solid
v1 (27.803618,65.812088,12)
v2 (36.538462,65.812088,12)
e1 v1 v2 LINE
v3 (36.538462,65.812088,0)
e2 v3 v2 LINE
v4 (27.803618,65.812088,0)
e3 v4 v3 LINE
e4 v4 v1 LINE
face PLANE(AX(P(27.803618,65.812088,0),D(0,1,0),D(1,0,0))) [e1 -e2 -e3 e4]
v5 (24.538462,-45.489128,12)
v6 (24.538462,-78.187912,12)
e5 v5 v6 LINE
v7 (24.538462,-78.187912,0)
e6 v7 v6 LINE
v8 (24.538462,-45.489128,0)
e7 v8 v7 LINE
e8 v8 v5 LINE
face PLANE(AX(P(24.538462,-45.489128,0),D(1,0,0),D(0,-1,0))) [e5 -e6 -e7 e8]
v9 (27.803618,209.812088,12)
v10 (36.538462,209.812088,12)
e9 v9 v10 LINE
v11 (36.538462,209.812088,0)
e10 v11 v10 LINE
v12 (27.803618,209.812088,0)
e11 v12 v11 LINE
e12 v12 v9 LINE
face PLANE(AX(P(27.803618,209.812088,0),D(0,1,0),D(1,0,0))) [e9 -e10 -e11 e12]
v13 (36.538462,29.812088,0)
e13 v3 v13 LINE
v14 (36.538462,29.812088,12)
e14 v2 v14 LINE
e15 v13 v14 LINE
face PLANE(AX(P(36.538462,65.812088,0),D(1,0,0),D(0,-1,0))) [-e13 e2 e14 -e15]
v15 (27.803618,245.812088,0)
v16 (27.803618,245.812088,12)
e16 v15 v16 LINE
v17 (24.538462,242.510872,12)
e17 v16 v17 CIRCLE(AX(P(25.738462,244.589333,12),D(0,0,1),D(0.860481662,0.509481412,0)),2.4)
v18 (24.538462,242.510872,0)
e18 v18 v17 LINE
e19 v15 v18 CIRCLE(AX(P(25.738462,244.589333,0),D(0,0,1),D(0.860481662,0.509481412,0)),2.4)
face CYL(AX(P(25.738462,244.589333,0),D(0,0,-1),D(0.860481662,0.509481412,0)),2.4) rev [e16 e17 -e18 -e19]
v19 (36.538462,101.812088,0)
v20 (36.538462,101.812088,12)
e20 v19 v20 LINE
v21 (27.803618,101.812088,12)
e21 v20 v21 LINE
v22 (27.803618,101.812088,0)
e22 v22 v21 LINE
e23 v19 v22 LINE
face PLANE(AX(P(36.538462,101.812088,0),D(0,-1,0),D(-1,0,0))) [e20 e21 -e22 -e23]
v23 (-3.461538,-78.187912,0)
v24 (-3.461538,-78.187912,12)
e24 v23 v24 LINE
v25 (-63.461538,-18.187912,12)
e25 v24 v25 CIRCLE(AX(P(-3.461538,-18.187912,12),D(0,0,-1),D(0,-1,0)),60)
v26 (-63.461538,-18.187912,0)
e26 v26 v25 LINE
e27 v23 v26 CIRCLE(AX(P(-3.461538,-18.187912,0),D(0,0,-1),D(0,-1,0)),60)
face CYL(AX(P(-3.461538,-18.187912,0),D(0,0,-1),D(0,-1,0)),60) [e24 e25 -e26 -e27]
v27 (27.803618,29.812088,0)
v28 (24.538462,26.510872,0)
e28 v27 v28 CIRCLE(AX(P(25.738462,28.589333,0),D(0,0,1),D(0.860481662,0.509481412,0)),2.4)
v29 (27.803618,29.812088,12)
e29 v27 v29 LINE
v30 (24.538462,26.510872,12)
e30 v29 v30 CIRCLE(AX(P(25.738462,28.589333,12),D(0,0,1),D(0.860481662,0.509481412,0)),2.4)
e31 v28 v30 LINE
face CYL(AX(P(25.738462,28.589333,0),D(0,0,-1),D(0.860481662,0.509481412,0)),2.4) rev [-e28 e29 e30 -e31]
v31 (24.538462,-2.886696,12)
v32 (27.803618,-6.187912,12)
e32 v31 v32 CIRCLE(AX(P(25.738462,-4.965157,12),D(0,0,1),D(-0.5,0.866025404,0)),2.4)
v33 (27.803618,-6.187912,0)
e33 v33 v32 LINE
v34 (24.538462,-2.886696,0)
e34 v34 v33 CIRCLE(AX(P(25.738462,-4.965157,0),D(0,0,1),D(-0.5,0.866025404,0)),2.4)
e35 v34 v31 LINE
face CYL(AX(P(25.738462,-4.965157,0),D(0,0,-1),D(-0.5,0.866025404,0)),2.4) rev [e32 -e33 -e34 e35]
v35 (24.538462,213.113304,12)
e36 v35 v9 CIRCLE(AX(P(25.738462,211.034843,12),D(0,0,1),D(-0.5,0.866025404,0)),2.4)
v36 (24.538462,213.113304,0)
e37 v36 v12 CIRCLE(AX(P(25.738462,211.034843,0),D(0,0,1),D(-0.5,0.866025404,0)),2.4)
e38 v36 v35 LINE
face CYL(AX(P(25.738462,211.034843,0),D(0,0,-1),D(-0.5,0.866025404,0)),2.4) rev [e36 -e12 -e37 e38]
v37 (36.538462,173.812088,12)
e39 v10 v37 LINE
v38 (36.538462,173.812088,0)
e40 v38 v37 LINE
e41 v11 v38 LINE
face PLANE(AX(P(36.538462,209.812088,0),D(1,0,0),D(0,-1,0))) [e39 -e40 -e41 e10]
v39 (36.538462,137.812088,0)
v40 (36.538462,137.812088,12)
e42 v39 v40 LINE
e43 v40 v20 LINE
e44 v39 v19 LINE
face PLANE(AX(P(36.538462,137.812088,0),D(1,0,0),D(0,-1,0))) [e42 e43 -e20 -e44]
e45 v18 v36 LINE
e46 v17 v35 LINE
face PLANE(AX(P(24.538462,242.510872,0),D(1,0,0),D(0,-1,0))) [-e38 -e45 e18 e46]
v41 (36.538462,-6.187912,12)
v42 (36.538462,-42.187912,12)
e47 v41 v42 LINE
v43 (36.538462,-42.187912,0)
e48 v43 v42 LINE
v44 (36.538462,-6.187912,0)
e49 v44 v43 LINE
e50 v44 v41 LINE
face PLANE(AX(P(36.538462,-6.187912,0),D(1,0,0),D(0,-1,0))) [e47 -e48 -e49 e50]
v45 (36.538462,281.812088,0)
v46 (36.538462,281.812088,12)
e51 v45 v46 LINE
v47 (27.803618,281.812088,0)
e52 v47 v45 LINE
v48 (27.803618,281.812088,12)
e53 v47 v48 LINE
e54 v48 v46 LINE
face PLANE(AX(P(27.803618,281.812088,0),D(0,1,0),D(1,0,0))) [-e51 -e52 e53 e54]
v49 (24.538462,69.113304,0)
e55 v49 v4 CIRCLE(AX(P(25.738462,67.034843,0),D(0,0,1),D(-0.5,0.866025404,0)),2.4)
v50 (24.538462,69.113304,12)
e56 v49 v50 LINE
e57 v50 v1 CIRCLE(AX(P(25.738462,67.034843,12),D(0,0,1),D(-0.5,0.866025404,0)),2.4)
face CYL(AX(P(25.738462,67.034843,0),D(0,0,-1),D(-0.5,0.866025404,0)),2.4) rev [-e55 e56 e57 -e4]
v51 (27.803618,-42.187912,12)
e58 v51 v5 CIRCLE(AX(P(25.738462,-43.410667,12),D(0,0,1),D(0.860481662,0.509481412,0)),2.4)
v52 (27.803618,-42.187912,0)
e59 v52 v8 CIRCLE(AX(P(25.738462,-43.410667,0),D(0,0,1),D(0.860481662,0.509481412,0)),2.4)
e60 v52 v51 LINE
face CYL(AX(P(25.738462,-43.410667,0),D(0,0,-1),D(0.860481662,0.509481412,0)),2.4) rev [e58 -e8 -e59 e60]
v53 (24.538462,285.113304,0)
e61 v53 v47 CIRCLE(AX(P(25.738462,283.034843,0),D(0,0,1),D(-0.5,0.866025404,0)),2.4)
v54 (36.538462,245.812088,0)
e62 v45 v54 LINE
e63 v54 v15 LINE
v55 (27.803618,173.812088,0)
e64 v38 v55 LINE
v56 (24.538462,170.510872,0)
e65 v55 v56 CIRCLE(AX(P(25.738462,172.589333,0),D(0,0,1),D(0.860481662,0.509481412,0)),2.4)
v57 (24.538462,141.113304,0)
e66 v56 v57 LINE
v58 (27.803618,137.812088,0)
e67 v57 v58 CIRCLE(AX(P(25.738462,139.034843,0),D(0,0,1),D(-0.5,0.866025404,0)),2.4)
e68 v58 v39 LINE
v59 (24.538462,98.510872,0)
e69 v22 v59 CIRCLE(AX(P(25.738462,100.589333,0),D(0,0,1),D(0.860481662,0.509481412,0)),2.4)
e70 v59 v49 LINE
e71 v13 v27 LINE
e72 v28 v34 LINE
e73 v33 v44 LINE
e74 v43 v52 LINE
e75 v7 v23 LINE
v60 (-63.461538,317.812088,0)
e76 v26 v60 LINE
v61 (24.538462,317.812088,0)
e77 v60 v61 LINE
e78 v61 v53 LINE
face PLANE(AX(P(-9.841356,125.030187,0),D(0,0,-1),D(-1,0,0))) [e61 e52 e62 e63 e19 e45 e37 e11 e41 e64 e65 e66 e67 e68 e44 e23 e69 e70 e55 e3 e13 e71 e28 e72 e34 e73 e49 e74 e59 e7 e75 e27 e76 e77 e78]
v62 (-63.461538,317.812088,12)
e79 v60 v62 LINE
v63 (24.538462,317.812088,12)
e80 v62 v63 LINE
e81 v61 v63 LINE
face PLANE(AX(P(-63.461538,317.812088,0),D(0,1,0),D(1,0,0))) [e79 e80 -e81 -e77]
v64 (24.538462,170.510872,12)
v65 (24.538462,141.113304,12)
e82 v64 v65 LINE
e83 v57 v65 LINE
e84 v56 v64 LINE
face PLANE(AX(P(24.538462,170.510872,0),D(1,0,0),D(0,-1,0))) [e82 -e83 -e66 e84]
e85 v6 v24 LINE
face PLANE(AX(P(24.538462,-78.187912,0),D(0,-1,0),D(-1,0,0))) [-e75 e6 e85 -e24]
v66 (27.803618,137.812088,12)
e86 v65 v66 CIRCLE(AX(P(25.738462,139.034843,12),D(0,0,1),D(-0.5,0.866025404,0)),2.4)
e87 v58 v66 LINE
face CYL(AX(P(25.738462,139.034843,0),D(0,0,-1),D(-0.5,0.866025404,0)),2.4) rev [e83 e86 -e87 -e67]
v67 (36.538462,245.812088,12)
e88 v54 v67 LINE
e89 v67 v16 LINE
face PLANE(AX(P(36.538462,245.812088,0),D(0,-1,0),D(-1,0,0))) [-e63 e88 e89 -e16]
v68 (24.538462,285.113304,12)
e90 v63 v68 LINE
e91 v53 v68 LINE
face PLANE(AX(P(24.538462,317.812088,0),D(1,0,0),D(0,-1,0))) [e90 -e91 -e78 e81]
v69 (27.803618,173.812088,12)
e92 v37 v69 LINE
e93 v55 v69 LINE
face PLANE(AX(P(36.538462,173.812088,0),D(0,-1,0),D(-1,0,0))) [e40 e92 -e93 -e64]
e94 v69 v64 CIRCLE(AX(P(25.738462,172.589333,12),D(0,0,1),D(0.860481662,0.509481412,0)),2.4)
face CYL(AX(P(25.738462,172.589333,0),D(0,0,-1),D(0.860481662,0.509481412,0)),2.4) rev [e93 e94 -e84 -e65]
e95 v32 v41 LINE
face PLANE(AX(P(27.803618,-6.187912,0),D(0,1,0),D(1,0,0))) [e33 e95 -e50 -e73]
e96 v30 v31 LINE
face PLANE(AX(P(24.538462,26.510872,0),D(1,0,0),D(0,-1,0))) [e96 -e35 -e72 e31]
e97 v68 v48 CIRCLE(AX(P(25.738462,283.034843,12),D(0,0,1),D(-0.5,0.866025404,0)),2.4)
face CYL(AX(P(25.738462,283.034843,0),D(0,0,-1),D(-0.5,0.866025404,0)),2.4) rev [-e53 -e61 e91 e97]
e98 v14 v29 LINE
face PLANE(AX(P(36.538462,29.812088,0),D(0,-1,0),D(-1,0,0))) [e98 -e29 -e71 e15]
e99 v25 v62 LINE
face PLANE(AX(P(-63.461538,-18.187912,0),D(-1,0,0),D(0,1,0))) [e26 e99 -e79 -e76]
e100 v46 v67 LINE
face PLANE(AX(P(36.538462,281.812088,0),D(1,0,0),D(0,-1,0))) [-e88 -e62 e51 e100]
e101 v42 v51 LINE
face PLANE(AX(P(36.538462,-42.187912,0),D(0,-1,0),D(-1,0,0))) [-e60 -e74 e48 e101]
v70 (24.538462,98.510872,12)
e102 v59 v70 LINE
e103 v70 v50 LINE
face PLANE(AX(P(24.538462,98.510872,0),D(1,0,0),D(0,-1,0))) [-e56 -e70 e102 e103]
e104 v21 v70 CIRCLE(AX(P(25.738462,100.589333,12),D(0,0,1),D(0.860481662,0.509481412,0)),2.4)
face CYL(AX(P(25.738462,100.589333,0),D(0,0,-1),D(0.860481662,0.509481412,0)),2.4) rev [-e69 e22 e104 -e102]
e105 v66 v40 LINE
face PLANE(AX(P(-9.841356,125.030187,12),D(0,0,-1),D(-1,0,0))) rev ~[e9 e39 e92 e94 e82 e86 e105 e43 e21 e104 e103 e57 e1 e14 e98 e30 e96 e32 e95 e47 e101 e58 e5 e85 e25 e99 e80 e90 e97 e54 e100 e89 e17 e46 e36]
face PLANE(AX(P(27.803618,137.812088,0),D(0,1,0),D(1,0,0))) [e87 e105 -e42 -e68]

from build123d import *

# Parameters (mm, degrees)
BOSS_EXTRUDE1_DEPTH = 12


with BuildPart() as part:
    # Sketch1 → Boss-Extrude1 (new body)
    with BuildSketch(Plane.XY):
        with BuildLine():
            Line((36.538461538, -42.187912088), (27.803617527, -42.187912088))
            ThreePointArc((27.803617527, -42.187912088), (24.032111316, -41.72295633), (24.538461538, -45.489128447))
            Line((24.538461538, -45.489128447), (24.538461538, -78.187912088))
            Line((24.538461538, -78.187912088), (-3.461538462, -78.187912088))
            ThreePointArc((-3.461538462, -78.187912088), (-45.887945333, -60.614318959), (-63.461538462, -18.187912088))
            Line((-63.461538462, -18.187912088), (-63.461538462, 317.812087912))
            Line((-63.461538462, 317.812087912), (24.538461538, 317.812087912))
            Line((24.538461538, 317.812087912), (24.538461538, 285.113304271))
            ThreePointArc((24.538461538, 285.113304271), (24.032111316, 281.347132154), (27.803617527, 281.812087912))
            Line((27.803617527, 281.812087912), (36.538461538, 281.812087912))
            Line((36.538461538, 281.812087912), (36.538461538, 245.812087912))
            Line((36.538461538, 245.812087912), (27.803617527, 245.812087912))
            ThreePointArc((27.803617527, 245.812087912), (24.032111316, 246.27704367), (24.538461538, 242.510871553))
            Line((24.538461538, 242.510871553), (24.538461538, 213.113304271))
            ThreePointArc((24.538461538, 213.113304271), (24.032111316, 209.347132154), (27.803617527, 209.812087912))
            Line((27.803617527, 209.812087912), (36.538461538, 209.812087912))
            Line((36.538461538, 209.812087912), (36.538461538, 173.812087912))
            Line((36.538461538, 173.812087912), (27.803617527, 173.812087912))
            ThreePointArc((27.803617527, 173.812087912), (24.032111316, 174.27704367), (24.538461538, 170.510871553))
            Line((24.538461538, 170.510871553), (24.538461538, 164.212087912))
            Line((24.538461538, 164.212087912), (24.538461538, 141.113304271))
            ThreePointArc((24.538461538, 141.113304271), (24.032111316, 137.347132154), (27.803617527, 137.812087912))
            Line((27.803617527, 137.812087912), (36.538461538, 137.812087912))
            Line((36.538461538, 137.812087912), (36.538461538, 119.812087912))
            Line((36.538461538, 119.812087912), (36.538461538, 101.812087912))
            Line((36.538461538, 101.812087912), (27.803617527, 101.812087912))
            ThreePointArc((27.803617527, 101.812087912), (24.032111316, 102.27704367), (24.538461538, 98.510871553))
            Line((24.538461538, 98.510871553), (24.538461538, 75.412087912))
            Line((24.538461538, 75.412087912), (24.538461538, 69.113304271))
            ThreePointArc((24.538461538, 69.113304271), (24.032111316, 65.347132154), (27.803617527, 65.812087912))
            Line((27.803617527, 65.812087912), (36.538461538, 65.812087912))
            Line((36.538461538, 65.812087912), (36.538461538, 29.812087912))
            Line((36.538461538, 29.812087912), (27.803617527, 29.812087912))
            ThreePointArc((27.803617527, 29.812087912), (24.032111316, 30.27704367), (24.538461538, 26.510871553))
            Line((24.538461538, 26.510871553), (24.538461538, -2.886695729))
            ThreePointArc((24.538461538, -2.886695729), (24.032111316, -6.652867846), (27.803617527, -6.187912088))
            Line((27.803617527, -6.187912088), (36.538461538, -6.187912088))
            Line((36.538461538, -6.187912088), (36.538461538, -42.187912088))
        make_face()
    extrude(amount=BOSS_EXTRUDE1_DEPTH)


solid = part.part
